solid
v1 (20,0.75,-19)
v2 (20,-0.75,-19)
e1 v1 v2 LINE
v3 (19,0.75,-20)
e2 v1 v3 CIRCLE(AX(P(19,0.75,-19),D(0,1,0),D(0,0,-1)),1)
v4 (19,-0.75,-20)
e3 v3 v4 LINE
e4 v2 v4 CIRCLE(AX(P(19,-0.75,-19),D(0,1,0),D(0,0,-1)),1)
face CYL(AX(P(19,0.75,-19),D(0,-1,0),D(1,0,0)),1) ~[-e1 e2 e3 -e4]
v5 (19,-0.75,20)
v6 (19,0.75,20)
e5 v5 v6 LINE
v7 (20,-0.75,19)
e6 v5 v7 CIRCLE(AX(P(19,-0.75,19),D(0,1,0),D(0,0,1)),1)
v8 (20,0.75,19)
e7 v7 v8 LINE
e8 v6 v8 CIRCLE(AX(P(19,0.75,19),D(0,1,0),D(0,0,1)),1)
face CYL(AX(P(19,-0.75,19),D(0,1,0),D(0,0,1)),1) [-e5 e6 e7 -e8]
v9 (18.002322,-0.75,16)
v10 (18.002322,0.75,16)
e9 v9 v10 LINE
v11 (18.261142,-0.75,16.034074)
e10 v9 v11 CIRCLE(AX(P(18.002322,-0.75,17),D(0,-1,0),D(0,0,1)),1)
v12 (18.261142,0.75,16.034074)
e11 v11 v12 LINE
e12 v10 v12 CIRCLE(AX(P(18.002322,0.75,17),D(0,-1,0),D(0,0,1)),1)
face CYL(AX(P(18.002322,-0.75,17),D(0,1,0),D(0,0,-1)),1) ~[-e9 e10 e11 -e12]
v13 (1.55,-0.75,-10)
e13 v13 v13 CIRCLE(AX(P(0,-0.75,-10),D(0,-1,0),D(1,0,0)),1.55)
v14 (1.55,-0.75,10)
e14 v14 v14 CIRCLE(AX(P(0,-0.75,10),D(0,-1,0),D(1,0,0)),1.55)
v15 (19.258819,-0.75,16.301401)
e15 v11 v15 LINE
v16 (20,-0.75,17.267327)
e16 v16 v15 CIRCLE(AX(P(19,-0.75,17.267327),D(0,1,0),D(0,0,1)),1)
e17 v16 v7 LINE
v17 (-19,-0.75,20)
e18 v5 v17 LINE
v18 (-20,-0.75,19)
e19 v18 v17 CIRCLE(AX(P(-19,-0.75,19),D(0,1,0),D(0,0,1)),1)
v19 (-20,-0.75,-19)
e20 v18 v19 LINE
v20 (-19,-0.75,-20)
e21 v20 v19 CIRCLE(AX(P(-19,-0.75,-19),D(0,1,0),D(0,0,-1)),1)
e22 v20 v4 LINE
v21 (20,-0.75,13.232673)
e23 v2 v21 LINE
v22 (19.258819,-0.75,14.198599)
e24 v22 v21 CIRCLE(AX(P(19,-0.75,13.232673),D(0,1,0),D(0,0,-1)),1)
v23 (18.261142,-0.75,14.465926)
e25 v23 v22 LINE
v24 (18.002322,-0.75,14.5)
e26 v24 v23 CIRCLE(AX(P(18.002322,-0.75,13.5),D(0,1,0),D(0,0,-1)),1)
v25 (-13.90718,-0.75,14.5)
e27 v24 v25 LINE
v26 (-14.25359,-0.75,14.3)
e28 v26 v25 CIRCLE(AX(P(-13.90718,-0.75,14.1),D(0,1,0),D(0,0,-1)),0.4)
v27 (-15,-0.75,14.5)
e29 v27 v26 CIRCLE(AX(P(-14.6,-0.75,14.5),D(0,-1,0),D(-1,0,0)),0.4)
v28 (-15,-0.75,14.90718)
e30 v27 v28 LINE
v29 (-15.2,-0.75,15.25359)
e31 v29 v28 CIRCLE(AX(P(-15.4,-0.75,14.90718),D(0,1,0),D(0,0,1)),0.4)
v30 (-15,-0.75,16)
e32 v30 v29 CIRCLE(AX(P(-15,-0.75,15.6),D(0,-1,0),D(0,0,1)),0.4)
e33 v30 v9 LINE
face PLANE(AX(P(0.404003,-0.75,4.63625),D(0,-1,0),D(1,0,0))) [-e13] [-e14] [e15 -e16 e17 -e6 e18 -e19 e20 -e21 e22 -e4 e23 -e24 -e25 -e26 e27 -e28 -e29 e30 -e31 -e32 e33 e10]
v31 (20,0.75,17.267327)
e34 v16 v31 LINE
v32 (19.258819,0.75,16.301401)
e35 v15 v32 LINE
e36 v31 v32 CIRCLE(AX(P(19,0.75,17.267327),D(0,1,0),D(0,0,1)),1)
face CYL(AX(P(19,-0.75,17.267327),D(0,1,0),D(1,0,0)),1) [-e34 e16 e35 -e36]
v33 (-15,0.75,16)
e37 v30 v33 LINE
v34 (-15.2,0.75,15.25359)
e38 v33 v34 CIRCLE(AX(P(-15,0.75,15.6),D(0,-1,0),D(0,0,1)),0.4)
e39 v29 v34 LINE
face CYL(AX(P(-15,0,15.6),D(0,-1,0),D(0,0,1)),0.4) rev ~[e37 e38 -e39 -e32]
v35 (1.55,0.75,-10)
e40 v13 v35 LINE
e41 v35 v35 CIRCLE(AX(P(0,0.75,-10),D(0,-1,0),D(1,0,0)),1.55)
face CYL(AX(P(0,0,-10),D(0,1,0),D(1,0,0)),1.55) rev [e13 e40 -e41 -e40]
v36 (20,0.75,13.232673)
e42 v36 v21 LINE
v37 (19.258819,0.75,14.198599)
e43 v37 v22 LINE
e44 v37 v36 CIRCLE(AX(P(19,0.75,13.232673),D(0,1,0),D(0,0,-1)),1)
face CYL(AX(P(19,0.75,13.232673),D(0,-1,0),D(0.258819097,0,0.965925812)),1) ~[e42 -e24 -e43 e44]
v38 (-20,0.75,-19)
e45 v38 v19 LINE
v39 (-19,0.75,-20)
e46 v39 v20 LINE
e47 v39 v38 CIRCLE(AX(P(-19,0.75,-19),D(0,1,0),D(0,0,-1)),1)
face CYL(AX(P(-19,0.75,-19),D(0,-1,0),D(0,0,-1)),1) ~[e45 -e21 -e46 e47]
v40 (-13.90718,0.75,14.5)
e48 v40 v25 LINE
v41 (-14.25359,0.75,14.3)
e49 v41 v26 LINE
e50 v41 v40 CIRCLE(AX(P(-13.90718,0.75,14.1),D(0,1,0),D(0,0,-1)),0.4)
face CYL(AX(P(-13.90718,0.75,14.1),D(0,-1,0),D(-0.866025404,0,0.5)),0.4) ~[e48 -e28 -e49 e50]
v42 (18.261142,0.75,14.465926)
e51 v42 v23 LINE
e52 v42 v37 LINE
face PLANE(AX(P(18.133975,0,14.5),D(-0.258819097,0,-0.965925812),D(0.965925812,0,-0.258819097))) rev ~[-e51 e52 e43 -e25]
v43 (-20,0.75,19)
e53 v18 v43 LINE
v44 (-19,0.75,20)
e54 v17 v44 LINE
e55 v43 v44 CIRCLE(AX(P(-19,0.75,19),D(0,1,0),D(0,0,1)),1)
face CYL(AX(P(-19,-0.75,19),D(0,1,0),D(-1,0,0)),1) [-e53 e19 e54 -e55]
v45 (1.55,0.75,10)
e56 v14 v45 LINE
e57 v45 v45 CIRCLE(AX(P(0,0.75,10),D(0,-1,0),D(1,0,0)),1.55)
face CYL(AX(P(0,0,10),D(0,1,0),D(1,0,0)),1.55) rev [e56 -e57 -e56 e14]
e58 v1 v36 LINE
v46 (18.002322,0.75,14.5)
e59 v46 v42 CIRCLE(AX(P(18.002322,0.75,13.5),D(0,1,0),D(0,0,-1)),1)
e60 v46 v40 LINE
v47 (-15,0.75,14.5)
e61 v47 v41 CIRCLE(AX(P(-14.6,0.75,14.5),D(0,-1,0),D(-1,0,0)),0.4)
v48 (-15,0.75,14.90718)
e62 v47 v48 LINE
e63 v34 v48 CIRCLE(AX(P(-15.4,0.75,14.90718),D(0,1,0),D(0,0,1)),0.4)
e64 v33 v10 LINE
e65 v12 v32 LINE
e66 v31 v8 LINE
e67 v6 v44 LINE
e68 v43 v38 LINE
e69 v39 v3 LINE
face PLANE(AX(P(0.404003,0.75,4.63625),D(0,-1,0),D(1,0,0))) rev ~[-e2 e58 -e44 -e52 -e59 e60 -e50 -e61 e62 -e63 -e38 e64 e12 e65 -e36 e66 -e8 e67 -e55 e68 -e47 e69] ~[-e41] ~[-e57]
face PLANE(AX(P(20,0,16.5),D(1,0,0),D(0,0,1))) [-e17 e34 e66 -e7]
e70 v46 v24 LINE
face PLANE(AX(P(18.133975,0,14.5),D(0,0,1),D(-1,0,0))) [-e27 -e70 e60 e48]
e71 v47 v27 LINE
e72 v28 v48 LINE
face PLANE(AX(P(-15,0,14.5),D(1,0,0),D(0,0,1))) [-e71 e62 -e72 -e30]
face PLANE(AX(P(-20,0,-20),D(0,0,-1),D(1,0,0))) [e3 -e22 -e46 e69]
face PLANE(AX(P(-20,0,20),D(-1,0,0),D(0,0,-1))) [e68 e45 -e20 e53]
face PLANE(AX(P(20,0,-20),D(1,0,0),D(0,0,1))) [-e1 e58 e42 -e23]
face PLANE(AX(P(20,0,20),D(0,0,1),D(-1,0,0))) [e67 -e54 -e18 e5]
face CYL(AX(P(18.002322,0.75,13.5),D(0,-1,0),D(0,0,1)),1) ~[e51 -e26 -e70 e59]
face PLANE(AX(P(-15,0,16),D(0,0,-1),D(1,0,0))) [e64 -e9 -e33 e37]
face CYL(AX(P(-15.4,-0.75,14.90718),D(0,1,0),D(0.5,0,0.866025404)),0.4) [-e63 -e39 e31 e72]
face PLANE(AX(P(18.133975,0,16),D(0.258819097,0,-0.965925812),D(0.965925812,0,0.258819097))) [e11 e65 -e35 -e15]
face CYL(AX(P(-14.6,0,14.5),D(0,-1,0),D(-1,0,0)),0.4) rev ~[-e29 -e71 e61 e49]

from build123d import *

# Parameters (mm, degrees)
SKETCH017_R  = 1.55
PAD014_DEPTH = 0.75
FILLET020_R  = 0.4
FILLET021_R  = 1


with BuildPart() as part:
    # Sketch017 → Pad014 (new body, symmetric)
    with BuildSketch(Plane.XZ):
        with BuildLine():
            Line((-20, 20), (-20, -17))
            Line((-20, -18.5), (-20, -17))
            Line((-20, -18.5), (-20, -20))
            Line((-20, -20), (20, -20))
            Line((20, -20), (20, 14))
            Line((18.133975, 14.5), (20, 14))
            Line((18.133975, 14.5), (-14.2, 14.5))
            ThreePointArc((-15, 14.5), (-14.6, 14.1), (-14.2, 14.5))
            Line((-15, 14.5), (-15, 15.2))
            ThreePointArc((-15, 16), (-15.4, 15.6), (-15, 15.2))
            Line((-15, 16), (18.133975, 16))
            Line((18.133975, 16), (20, 16.5))
            Line((20, 16.5), (20, 20))
            Line((20, 20), (-20, 20))
        make_face()
        with Locations((0, 10)):
            Circle(SKETCH017_R, mode=Mode.SUBTRACT)
        with Locations((0, -10)):
            Circle(SKETCH017_R, mode=Mode.SUBTRACT)
    extrude(amount=PAD014_DEPTH, both=True)

    # Fillet020
    fillet020_edges = [part.edges().sort_by_distance(p)[0] for p in [
        (-15, 0, 15.2),
        (-14.2, 0, 14.5),
    ]]
    fillet(fillet020_edges, radius=FILLET020_R)

    # Fillet021
    fillet021_edges = [part.edges().sort_by_distance(p)[0] for p in [
        (-20, 0, 20),
        (-20, 0, -20),
        (20, 0, -20),
        (20, 0, 14),
        (18.133975, 0, 14.5),
        (18.133975, 0, 16),
        (20, 0, 16.5),
        (20, 0, 20),
    ]]
    fillet(fillet021_edges, radius=FILLET021_R)


solid = part.part
